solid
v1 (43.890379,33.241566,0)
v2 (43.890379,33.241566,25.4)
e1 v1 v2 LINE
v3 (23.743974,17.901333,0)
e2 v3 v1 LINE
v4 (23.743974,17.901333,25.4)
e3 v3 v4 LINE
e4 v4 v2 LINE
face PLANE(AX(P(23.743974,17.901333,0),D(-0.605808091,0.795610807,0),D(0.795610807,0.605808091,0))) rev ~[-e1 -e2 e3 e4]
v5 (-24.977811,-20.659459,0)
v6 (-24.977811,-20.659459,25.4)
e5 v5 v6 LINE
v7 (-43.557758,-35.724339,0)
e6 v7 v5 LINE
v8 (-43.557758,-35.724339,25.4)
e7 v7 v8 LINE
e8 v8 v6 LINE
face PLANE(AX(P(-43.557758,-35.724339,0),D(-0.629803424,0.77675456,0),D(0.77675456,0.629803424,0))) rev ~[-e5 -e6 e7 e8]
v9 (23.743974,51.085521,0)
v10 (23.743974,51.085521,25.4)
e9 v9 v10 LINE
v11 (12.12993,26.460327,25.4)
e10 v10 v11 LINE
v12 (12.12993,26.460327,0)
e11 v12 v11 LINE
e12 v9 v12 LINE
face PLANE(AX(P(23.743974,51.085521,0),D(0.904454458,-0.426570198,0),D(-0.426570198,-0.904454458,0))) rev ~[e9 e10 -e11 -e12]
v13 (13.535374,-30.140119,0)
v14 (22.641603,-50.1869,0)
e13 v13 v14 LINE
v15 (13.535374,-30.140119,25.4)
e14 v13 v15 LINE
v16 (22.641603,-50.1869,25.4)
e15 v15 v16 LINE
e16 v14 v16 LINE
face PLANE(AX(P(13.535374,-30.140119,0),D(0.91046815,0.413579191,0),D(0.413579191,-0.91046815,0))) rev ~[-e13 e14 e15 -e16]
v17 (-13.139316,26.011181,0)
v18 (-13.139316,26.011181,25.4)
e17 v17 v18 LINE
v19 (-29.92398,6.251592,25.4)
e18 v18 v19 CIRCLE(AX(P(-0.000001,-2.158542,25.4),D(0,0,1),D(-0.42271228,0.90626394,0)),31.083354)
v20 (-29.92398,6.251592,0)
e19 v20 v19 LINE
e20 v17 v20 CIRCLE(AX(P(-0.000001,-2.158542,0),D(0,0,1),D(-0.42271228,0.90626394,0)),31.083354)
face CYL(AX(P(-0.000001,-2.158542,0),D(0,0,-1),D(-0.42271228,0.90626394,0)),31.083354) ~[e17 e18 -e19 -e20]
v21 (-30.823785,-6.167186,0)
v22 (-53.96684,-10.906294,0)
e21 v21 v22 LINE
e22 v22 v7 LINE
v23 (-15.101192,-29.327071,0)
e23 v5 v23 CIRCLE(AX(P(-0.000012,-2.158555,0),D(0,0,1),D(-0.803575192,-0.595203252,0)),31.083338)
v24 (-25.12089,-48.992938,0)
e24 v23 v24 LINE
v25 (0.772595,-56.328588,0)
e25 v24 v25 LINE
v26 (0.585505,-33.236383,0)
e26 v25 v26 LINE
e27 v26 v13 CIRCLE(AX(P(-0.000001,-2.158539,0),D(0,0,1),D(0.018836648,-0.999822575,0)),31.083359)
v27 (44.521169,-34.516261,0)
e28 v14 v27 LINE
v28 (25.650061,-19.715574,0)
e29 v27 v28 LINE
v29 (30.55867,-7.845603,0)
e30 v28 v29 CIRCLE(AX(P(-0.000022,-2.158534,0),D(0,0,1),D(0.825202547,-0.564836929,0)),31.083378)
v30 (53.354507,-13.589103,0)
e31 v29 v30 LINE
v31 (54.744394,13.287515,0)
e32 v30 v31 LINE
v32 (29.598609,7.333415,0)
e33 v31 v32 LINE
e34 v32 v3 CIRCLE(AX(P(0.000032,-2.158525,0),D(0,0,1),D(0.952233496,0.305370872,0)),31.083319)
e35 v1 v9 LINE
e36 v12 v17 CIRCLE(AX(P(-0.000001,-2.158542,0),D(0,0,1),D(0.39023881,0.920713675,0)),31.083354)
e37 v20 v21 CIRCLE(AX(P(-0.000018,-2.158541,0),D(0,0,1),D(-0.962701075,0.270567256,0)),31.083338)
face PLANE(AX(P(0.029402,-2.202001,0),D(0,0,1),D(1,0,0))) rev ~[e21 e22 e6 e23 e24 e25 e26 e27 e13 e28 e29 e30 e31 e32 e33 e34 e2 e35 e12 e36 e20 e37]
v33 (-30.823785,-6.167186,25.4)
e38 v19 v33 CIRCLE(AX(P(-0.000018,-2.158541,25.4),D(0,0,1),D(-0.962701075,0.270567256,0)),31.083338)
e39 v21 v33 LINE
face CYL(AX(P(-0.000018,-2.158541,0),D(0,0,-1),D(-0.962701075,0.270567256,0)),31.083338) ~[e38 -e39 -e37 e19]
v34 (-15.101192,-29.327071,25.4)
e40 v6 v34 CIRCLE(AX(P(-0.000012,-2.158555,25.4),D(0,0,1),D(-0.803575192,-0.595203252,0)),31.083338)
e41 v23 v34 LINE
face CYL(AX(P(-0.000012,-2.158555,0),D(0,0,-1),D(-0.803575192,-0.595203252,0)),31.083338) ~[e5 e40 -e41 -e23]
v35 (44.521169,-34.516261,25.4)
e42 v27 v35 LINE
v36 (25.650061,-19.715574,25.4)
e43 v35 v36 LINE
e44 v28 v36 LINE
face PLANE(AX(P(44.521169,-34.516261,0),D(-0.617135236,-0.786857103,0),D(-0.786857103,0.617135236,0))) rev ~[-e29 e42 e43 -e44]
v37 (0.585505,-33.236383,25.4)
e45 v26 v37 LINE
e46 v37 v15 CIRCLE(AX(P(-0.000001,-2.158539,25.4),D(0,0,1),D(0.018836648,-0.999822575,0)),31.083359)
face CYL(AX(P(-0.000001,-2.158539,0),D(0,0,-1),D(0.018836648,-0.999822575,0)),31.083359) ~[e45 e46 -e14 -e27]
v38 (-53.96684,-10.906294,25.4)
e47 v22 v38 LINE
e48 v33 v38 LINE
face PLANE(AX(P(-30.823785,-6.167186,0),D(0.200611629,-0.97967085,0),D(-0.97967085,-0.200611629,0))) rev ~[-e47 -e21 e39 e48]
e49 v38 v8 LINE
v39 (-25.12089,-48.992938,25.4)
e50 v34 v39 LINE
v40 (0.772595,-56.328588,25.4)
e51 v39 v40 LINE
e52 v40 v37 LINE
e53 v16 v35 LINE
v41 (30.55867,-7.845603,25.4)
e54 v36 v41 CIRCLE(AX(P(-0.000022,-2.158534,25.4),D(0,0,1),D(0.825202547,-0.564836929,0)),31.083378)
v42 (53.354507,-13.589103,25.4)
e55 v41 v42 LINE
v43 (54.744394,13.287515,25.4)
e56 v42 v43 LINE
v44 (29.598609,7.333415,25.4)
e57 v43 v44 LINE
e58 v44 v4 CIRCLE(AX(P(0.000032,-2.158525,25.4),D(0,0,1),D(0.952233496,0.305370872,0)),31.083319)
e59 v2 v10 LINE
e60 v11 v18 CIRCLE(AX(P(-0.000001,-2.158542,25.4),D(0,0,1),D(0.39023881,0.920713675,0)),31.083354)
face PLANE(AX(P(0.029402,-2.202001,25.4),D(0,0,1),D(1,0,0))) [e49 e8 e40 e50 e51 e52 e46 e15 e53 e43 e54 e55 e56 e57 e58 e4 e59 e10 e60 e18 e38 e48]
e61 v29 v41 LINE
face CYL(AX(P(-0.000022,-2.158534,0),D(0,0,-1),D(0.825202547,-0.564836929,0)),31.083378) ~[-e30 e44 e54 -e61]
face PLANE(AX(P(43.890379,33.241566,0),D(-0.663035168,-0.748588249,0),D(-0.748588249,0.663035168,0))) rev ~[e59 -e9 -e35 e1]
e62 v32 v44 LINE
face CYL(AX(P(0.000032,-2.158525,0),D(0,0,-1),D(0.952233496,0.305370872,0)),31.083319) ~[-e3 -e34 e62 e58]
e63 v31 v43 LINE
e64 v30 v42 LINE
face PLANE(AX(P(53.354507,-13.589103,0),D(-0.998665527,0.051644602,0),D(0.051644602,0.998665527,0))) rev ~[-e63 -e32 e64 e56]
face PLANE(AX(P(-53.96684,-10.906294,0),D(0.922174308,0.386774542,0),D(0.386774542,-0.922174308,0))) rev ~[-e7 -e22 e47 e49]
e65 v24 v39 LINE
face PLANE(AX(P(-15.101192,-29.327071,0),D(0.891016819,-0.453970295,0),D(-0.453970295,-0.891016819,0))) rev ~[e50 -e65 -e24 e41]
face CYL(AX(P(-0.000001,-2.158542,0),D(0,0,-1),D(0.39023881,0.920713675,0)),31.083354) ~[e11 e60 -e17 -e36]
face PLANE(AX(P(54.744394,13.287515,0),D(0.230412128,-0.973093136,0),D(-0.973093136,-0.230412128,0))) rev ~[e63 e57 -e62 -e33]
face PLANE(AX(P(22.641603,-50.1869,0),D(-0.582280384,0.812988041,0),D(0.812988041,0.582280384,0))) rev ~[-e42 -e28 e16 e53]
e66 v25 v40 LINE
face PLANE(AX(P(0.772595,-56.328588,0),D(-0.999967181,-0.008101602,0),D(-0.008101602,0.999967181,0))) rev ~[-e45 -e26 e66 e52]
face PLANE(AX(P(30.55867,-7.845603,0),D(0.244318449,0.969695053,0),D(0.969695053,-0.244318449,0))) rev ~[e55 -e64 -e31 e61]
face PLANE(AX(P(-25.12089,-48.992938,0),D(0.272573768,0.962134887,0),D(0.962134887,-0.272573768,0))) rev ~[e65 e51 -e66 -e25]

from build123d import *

# Parameters (mm, degrees)
F1_DEPTH = 25.4


with BuildPart() as f1:
    # F0 (on Top) → F1 (new body)
    with BuildSketch(Plane.XY):
        with BuildLine():
            ThreePointArc((29.598609, 7.333415), (27.189668, 12.904555), (23.743974, 17.901333))
            ThreePointArc((23.743974, 17.901333), (18.4404, 22.863979), (12.12993, 26.460327))
            ThreePointArc((12.12993, 26.460327), (-0.552402, 28.919903), (-13.139316, 26.011181))
            ThreePointArc((-13.139316, 26.011181), (-23.690129, 17.964895), (-29.92398, 6.251592))
            ThreePointArc((-29.92398, 6.251592), (-31.002085, 0.087719), (-30.823785, -6.167186))
            ThreePointArc((-30.823785, -6.167186), (-28.826395, -13.786695), (-24.977811, -20.659459))
            ThreePointArc((-24.977811, -20.659459), (-20.502768, -25.521151), (-15.101192, -29.327071))
            ThreePointArc((-15.101192, -29.327071), (-7.516447, -32.319411), (0.585505, -33.236383))
            ThreePointArc((0.585505, -33.236383), (7.228176, -32.389792), (13.535374, -30.140119))
            ThreePointArc((13.535374, -30.140119), (20.27418, -25.719795), (25.650061, -19.715574))
            ThreePointArc((25.650061, -19.715574), (28.724195, -14.036908), (30.55867, -7.845603))
            ThreePointArc((30.55867, -7.845603), (30.951906, -5.014149), (31.083355, -2.158543))
            ThreePointArc((31.083355, -2.158543), (30.709925, 2.645147), (29.598609, 7.333415))
        make_face()
        with BuildLine():
            ThreePointArc((12.12993, 26.460327), (18.4404, 22.863979), (23.743974, 17.901333))
            Line((23.743974, 17.901333), (43.890379, 33.241566))
            Line((43.890379, 33.241566), (23.743974, 51.085521))
            Line((23.743974, 51.085521), (12.12993, 26.460327))
        make_face()
        with BuildLine():
            Line((54.744394, 13.287515), (29.598609, 7.333415))
            ThreePointArc((29.598609, 7.333415), (30.709925, 2.645147), (31.083355, -2.158543))
            ThreePointArc((31.083355, -2.158543), (30.951906, -5.014149), (30.55867, -7.845603))
            Line((30.55867, -7.845603), (53.354507, -13.589103))
            Line((53.354507, -13.589103), (54.744394, 13.287515))
        make_face()
        with BuildLine():
            ThreePointArc((-24.977811, -20.659459), (-28.826395, -13.786695), (-30.823785, -6.167186))
            Line((-30.823785, -6.167186), (-53.96684, -10.906294))
            Line((-53.96684, -10.906294), (-43.557758, -35.724339))
            Line((-43.557758, -35.724339), (-24.977811, -20.659459))
        make_face()
        with BuildLine():
            Line((44.521169, -34.516261), (25.650061, -19.715574))
            ThreePointArc((25.650061, -19.715574), (20.27418, -25.719795), (13.535374, -30.140119))
            Line((13.535374, -30.140119), (22.641603, -50.1869))
            Line((22.641603, -50.1869), (44.521169, -34.516261))
        make_face()
        with BuildLine():
            ThreePointArc((0.585505, -33.236383), (-7.516447, -32.319411), (-15.101192, -29.327071))
            Line((-15.101192, -29.327071), (-25.12089, -48.992938))
            Line((-25.12089, -48.992938), (0.772595, -56.328588))
            Line((0.772595, -56.328588), (0.585505, -33.236383))
        make_face()
    extrude(amount=F1_DEPTH)


solid = f1.part
